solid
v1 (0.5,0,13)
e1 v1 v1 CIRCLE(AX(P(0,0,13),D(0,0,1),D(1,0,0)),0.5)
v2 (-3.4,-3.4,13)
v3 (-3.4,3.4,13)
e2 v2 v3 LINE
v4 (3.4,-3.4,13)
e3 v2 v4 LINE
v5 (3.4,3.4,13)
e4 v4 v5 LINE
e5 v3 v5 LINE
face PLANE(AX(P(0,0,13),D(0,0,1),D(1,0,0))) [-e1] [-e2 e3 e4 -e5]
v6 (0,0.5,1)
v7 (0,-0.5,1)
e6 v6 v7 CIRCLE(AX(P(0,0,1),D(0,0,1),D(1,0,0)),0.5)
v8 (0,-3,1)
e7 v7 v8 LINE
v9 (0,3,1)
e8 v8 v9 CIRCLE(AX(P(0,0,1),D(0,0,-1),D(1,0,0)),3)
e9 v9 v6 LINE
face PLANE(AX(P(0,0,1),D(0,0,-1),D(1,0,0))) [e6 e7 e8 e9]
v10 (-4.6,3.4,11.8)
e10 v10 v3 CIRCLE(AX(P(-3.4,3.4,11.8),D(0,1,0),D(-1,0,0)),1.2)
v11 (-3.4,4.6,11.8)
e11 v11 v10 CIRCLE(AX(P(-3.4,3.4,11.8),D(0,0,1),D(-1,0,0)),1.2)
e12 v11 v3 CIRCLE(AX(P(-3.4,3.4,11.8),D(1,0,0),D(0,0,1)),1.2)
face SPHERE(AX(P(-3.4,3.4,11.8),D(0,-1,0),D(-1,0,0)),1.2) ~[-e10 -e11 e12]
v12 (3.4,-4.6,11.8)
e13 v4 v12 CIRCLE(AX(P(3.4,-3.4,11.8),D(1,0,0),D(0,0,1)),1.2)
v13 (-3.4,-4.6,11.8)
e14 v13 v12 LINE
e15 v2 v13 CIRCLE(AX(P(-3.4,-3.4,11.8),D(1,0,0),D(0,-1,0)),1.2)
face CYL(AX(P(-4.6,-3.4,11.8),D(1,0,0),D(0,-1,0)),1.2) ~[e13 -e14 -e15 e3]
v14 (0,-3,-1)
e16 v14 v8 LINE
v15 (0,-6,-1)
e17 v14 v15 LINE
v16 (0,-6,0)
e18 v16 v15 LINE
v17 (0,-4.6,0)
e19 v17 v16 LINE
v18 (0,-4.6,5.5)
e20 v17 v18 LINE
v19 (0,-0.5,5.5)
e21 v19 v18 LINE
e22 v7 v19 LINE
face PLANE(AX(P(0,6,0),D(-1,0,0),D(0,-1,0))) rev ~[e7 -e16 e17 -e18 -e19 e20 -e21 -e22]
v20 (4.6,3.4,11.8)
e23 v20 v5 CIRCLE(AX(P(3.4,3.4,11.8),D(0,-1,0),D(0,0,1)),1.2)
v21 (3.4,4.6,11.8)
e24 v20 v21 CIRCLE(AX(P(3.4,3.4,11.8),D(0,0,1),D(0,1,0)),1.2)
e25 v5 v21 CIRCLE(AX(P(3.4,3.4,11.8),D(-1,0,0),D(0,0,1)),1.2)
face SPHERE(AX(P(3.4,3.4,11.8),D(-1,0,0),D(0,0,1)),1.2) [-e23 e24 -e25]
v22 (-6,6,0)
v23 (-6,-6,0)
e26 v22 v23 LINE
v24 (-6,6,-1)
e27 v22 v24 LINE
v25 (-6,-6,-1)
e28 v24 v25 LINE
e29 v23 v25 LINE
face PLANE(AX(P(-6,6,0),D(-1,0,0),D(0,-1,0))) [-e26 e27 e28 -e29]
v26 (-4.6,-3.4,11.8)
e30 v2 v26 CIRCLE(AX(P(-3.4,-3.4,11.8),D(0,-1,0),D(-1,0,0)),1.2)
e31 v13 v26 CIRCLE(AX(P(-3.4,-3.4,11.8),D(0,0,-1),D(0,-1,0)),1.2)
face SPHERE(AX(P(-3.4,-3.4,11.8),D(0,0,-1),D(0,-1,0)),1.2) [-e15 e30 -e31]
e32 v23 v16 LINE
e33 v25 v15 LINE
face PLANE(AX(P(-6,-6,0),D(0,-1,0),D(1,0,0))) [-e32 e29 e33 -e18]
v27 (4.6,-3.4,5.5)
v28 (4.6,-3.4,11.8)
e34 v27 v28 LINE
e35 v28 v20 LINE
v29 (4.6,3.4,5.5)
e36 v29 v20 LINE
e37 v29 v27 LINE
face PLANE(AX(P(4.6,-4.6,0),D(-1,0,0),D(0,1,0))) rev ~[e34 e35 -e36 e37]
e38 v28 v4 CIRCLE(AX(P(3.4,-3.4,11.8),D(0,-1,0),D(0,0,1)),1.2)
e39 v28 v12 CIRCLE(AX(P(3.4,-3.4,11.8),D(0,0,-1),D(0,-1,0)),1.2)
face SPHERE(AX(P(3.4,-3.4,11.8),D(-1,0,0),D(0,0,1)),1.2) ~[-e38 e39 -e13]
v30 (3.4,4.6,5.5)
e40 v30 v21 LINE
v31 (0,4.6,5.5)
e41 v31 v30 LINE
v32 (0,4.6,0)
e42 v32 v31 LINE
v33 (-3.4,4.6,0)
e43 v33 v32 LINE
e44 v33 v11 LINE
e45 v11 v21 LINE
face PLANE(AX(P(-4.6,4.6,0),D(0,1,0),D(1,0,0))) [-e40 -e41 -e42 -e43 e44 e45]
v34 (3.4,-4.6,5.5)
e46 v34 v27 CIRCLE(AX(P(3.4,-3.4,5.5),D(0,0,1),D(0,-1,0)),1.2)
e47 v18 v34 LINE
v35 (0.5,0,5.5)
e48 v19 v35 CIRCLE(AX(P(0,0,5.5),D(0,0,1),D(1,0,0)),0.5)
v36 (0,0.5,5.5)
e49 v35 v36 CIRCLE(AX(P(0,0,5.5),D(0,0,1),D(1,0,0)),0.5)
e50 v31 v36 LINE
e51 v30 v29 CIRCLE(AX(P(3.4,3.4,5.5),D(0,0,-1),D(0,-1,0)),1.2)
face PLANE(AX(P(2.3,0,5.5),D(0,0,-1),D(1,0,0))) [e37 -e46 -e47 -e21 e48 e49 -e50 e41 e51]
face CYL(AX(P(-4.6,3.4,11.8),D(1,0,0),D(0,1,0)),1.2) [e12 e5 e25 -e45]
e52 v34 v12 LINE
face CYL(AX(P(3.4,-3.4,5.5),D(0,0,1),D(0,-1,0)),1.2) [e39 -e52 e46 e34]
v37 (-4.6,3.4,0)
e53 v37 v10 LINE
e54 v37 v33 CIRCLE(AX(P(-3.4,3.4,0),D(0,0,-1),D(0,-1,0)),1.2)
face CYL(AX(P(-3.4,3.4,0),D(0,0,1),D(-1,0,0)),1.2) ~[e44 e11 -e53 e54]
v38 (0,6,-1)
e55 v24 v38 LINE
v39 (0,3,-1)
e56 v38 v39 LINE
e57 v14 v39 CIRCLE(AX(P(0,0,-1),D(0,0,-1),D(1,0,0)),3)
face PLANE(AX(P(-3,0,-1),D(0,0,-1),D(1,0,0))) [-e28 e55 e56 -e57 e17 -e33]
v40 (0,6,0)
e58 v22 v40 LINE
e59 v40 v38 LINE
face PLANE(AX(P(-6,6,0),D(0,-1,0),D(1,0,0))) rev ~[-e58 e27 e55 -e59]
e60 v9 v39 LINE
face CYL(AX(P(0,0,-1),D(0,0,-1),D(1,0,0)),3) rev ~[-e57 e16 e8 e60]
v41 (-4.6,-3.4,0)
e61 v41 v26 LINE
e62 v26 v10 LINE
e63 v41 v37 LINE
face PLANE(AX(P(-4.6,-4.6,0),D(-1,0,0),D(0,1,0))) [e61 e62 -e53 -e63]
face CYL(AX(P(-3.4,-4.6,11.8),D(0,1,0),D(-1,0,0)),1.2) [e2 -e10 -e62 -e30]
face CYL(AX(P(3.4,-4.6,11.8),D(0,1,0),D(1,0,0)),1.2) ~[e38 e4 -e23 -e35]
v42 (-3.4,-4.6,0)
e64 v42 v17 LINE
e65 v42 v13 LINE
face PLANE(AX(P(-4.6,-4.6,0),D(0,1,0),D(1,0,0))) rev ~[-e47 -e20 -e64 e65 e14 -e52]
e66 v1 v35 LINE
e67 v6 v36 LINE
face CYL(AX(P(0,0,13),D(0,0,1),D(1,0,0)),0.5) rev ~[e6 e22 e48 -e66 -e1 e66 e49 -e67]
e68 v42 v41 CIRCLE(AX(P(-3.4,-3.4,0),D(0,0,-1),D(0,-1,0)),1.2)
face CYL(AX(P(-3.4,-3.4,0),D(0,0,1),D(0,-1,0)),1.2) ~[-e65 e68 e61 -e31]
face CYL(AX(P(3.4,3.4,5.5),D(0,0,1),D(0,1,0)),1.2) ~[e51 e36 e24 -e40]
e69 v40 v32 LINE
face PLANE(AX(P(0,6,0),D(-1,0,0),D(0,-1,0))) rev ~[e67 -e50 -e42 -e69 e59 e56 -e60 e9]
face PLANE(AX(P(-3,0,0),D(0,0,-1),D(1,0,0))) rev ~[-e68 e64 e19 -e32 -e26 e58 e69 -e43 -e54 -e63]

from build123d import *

# Parameters (mm, degrees)
SKETCH_W        = 9.2
SKETCH_H        = 9.2
PAD_DEPTH       = 13
SKETCH002_W     = 6
SKETCH002_H     = 12
PAD001_DEPTH    = 1
SKETCH008_R     = 3
POCKET_DEPTH    = 2
SKETCH004_W     = 4.6
SKETCH004_H     = 9.2
POCKET001_DEPTH = 7.5
SKETCH009_R     = 0.5
POCKET002_DEPTH = 14.001
FILLET_R        = 1.2


with BuildPart() as part:
    # Sketch → Pad (new body)
    with BuildSketch(Plane.XY):
        Rectangle(SKETCH_W, SKETCH_H)
    extrude(amount=PAD_DEPTH)

    # Sketch002 → Pad001 (join)
    with BuildSketch(Plane(origin=(0, 0, 0), x_dir=(1, 0, 0), z_dir=(0, 0, -1))):
        with Locations((-3, 0)):
            Rectangle(SKETCH002_W, SKETCH002_H)
    extrude(amount=PAD001_DEPTH)

    # Sketch008 (on Face12 of Pad001) → Pocket (cut)
    with BuildSketch(Plane(origin=(0, 0, -1), x_dir=(1, 0, 0), z_dir=(0, 0, -1))):
        Circle(SKETCH008_R)
    extrude(amount=-POCKET_DEPTH, mode=Mode.SUBTRACT)

    # Sketch004 → Pocket001 (cut)
    with BuildSketch(Plane(origin=(0, 0, -2), x_dir=(1, 0, 0), z_dir=(0, 0, -1))):
        with Locations((2.3, 0)):
            Rectangle(SKETCH004_W, SKETCH004_H)
    extrude(amount=-POCKET001_DEPTH, mode=Mode.SUBTRACT)

    # Sketch009 (on Face6 of Pocket001) → Pocket002 (cut, through all)
    with BuildSketch(Plane.XY.offset(13)):
        Circle(SKETCH009_R)
    extrude(amount=-POCKET002_DEPTH, mode=Mode.SUBTRACT)

    # Fillet
    fillet_edges = [part.edges().sort_by_distance(p)[0] for p in [
        (-4.6, -4.6, 6.5),
        (0, -4.6, 13),
        (-4.6, 0, 13),
        (-4.6, 4.6, 6.5),
        (0, 4.6, 13),
        (4.6, 0, 13),
        (4.6, 4.6, 9.25),
        (4.6, -4.6, 9.25),
    ]]
    fillet(fillet_edges, radius=FILLET_R)


solid = part.part
